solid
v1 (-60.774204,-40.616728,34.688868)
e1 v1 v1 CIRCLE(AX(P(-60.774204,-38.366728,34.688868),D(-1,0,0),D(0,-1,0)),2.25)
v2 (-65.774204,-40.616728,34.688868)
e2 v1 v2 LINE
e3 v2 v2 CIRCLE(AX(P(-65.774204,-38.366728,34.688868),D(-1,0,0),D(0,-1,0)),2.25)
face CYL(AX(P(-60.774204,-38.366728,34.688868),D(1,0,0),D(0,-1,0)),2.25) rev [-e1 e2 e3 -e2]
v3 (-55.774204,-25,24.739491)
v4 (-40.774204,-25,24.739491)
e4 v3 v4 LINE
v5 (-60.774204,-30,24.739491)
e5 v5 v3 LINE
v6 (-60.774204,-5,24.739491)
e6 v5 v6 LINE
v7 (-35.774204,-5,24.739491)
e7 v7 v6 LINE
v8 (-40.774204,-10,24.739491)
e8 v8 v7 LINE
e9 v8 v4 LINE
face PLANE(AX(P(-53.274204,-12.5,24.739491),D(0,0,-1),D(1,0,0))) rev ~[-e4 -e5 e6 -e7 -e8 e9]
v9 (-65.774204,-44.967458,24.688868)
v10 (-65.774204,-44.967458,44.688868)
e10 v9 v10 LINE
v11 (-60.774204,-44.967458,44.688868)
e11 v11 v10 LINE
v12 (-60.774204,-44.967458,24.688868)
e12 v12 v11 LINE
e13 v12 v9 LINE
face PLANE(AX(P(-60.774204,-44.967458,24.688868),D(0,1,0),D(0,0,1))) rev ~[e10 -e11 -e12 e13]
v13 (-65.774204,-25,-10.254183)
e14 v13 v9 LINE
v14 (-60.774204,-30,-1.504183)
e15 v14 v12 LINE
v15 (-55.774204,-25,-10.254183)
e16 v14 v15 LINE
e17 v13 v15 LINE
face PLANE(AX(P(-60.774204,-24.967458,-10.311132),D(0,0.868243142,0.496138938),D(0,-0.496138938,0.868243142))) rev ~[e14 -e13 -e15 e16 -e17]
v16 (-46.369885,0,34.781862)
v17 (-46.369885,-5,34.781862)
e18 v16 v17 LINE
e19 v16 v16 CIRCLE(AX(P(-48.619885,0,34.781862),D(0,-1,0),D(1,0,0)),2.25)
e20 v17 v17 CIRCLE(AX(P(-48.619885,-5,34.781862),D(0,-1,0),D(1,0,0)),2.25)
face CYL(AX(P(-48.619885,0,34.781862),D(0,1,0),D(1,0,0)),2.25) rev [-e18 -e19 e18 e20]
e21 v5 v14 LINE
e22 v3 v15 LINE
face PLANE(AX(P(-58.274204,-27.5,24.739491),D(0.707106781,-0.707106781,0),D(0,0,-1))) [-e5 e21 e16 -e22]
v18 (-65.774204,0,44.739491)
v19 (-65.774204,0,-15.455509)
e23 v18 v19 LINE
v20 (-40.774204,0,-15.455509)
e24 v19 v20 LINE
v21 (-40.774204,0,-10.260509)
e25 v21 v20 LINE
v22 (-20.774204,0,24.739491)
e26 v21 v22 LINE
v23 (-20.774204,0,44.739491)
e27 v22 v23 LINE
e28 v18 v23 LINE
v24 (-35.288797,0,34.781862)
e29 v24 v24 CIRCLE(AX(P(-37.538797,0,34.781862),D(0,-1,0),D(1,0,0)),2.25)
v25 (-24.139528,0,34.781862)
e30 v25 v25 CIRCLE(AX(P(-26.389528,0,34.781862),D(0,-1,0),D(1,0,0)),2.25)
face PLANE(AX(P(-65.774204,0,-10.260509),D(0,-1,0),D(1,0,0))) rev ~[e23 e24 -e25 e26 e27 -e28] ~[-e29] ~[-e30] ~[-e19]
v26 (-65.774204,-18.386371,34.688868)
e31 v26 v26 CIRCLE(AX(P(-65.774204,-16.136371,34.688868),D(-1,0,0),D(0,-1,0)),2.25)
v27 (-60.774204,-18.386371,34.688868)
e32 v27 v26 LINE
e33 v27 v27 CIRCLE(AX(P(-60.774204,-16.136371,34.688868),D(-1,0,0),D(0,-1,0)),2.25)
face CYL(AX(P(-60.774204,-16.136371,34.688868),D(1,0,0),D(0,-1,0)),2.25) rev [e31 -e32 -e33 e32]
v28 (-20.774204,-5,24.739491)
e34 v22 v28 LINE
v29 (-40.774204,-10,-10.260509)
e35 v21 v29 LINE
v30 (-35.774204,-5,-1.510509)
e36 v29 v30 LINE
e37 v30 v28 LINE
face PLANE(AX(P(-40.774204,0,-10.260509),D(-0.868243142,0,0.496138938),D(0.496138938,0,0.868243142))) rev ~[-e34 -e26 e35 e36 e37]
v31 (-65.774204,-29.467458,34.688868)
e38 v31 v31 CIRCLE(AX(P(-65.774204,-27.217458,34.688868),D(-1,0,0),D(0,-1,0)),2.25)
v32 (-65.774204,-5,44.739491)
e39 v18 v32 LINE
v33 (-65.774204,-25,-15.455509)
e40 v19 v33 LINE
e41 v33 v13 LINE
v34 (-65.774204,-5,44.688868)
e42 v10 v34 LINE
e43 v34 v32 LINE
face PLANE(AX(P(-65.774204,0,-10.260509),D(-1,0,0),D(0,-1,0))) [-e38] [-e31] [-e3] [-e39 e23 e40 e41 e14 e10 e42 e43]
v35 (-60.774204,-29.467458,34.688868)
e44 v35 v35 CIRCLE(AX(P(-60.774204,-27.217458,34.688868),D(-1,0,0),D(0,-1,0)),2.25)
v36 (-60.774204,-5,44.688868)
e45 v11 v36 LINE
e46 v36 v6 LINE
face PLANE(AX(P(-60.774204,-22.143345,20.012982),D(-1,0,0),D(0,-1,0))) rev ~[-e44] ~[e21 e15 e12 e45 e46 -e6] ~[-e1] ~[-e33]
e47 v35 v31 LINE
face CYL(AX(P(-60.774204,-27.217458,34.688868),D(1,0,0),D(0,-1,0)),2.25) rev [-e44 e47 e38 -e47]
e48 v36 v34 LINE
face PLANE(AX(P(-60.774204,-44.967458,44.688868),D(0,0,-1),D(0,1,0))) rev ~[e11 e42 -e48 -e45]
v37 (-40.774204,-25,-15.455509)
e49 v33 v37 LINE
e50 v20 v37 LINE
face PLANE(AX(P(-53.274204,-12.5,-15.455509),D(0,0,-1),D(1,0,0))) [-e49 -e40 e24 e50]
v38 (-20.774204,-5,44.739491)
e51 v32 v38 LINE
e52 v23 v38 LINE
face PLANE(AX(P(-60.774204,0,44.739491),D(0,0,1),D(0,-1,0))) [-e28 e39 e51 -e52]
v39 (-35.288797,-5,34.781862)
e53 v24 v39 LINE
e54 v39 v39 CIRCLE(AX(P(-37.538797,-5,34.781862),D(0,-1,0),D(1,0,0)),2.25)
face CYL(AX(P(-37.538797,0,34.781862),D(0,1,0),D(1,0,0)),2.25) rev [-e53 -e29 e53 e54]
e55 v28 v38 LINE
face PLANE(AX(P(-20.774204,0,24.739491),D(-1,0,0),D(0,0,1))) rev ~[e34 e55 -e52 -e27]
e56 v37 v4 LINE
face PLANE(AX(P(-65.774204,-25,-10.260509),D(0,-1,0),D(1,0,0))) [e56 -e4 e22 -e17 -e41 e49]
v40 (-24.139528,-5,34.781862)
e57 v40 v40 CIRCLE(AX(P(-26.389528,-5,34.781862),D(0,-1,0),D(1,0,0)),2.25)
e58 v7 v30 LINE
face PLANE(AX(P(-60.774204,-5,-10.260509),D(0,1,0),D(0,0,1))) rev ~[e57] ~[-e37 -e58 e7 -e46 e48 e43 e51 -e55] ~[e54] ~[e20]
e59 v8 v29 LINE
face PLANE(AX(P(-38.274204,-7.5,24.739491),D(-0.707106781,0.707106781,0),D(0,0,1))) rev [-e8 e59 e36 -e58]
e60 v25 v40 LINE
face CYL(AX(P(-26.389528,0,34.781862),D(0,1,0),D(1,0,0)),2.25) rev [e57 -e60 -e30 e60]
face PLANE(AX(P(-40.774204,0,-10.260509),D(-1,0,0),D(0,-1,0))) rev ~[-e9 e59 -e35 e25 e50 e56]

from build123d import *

# Parameters (mm, degrees)
F0_R          = 2.25
F1_DEPTH      = 5
F2_R          = 2.25
F3_DEPTH      = 5
F4_W          = 5
F4_H          = 55
F5_DEPTH      = 5
F6_W          = 25
F6_H          = 25
F7_DEPTH      = 5.195
F7_DEPTH_BACK = 35
F8_SIZE       = 5


with BuildPart() as f1:
    # F0 (on Front) → F1 (new body)
    with BuildSketch(Plane.XZ):
        Polygon((-20.774203624, 44.7394914553), (-60.774203624, 44.7394914553), (-60.774203624, 24.7394914553), (-60.774203624, -10.2605085447), (-40.774203624, -10.2605085447), (-20.774203624, 24.7394914553), align=None)
        with Locations((-48.619884952, 34.7818620503)):
            Circle(F0_R, mode=Mode.SUBTRACT)
        with Locations((-37.538797351, 34.7818620503)):
            Circle(F0_R, mode=Mode.SUBTRACT)
        with Locations((-26.3895275705, 34.7818620503)):
            Circle(F0_R, mode=Mode.SUBTRACT)
    extrude(amount=F1_DEPTH)



with BuildPart() as f3:
    # F2 (on face) → F3 (new body)
    with BuildSketch(Plane(origin=(-60.774203624, 0, 0), x_dir=(0, -1, 0), z_dir=(-1, 0, 0))):
        Polygon((44.9674582002, 44.6888683979), (5, 44.6888683979), (5, -10.2605085447), (4.9674582002, -10.2605085447), (4.9674582002, -10.3111316021), (24.9674582002, -10.3111316021), (44.9674582002, 24.6888683979), align=None)
        with Locations((16.1363705993, 34.6888683979)):
            Circle(F2_R, mode=Mode.SUBTRACT)
        with Locations((27.2174582002, 34.6888683979)):
            Circle(F2_R, mode=Mode.SUBTRACT)
        with Locations((38.3667279808, 34.6888683979)):
            Circle(F2_R, mode=Mode.SUBTRACT)
    extrude(amount=F3_DEPTH)


with BuildPart() as f1_1:
    add(f1.part)

    add(f3.part)  # F5 merges F3
    # F4 (on face) → F5 (join)
    with BuildSketch(Plane(origin=(-60.774203624, 0, 0), x_dir=(0, -1, 0), z_dir=(-1, 0, 0))):
        with Locations((2.5, 17.2394914553)):
            Rectangle(F4_W, F4_H)
    extrude(amount=F5_DEPTH)

    # F6 (on face) → F7 (join, two sides)
    with BuildSketch(Plane(origin=(0, 0, -10.2605085447), x_dir=(1, 0, 0), z_dir=(0, 0, -1))) as f7_sk:
        with Locations((-53.274203624, 12.5)):
            Rectangle(F6_W, F6_H)
    extrude(amount=F7_DEPTH)
    extrude(f7_sk.sketch, amount=-F7_DEPTH_BACK)

    # F8
    f8_edges = [f1_1.edges().sort_by_distance(p)[0] for p in [
        (-60.774204, -25, 7.242654),
        (-40.774204, -5, 7.239491),
    ]]
    chamfer(f8_edges, length=F8_SIZE)


solid = f1_1.part
